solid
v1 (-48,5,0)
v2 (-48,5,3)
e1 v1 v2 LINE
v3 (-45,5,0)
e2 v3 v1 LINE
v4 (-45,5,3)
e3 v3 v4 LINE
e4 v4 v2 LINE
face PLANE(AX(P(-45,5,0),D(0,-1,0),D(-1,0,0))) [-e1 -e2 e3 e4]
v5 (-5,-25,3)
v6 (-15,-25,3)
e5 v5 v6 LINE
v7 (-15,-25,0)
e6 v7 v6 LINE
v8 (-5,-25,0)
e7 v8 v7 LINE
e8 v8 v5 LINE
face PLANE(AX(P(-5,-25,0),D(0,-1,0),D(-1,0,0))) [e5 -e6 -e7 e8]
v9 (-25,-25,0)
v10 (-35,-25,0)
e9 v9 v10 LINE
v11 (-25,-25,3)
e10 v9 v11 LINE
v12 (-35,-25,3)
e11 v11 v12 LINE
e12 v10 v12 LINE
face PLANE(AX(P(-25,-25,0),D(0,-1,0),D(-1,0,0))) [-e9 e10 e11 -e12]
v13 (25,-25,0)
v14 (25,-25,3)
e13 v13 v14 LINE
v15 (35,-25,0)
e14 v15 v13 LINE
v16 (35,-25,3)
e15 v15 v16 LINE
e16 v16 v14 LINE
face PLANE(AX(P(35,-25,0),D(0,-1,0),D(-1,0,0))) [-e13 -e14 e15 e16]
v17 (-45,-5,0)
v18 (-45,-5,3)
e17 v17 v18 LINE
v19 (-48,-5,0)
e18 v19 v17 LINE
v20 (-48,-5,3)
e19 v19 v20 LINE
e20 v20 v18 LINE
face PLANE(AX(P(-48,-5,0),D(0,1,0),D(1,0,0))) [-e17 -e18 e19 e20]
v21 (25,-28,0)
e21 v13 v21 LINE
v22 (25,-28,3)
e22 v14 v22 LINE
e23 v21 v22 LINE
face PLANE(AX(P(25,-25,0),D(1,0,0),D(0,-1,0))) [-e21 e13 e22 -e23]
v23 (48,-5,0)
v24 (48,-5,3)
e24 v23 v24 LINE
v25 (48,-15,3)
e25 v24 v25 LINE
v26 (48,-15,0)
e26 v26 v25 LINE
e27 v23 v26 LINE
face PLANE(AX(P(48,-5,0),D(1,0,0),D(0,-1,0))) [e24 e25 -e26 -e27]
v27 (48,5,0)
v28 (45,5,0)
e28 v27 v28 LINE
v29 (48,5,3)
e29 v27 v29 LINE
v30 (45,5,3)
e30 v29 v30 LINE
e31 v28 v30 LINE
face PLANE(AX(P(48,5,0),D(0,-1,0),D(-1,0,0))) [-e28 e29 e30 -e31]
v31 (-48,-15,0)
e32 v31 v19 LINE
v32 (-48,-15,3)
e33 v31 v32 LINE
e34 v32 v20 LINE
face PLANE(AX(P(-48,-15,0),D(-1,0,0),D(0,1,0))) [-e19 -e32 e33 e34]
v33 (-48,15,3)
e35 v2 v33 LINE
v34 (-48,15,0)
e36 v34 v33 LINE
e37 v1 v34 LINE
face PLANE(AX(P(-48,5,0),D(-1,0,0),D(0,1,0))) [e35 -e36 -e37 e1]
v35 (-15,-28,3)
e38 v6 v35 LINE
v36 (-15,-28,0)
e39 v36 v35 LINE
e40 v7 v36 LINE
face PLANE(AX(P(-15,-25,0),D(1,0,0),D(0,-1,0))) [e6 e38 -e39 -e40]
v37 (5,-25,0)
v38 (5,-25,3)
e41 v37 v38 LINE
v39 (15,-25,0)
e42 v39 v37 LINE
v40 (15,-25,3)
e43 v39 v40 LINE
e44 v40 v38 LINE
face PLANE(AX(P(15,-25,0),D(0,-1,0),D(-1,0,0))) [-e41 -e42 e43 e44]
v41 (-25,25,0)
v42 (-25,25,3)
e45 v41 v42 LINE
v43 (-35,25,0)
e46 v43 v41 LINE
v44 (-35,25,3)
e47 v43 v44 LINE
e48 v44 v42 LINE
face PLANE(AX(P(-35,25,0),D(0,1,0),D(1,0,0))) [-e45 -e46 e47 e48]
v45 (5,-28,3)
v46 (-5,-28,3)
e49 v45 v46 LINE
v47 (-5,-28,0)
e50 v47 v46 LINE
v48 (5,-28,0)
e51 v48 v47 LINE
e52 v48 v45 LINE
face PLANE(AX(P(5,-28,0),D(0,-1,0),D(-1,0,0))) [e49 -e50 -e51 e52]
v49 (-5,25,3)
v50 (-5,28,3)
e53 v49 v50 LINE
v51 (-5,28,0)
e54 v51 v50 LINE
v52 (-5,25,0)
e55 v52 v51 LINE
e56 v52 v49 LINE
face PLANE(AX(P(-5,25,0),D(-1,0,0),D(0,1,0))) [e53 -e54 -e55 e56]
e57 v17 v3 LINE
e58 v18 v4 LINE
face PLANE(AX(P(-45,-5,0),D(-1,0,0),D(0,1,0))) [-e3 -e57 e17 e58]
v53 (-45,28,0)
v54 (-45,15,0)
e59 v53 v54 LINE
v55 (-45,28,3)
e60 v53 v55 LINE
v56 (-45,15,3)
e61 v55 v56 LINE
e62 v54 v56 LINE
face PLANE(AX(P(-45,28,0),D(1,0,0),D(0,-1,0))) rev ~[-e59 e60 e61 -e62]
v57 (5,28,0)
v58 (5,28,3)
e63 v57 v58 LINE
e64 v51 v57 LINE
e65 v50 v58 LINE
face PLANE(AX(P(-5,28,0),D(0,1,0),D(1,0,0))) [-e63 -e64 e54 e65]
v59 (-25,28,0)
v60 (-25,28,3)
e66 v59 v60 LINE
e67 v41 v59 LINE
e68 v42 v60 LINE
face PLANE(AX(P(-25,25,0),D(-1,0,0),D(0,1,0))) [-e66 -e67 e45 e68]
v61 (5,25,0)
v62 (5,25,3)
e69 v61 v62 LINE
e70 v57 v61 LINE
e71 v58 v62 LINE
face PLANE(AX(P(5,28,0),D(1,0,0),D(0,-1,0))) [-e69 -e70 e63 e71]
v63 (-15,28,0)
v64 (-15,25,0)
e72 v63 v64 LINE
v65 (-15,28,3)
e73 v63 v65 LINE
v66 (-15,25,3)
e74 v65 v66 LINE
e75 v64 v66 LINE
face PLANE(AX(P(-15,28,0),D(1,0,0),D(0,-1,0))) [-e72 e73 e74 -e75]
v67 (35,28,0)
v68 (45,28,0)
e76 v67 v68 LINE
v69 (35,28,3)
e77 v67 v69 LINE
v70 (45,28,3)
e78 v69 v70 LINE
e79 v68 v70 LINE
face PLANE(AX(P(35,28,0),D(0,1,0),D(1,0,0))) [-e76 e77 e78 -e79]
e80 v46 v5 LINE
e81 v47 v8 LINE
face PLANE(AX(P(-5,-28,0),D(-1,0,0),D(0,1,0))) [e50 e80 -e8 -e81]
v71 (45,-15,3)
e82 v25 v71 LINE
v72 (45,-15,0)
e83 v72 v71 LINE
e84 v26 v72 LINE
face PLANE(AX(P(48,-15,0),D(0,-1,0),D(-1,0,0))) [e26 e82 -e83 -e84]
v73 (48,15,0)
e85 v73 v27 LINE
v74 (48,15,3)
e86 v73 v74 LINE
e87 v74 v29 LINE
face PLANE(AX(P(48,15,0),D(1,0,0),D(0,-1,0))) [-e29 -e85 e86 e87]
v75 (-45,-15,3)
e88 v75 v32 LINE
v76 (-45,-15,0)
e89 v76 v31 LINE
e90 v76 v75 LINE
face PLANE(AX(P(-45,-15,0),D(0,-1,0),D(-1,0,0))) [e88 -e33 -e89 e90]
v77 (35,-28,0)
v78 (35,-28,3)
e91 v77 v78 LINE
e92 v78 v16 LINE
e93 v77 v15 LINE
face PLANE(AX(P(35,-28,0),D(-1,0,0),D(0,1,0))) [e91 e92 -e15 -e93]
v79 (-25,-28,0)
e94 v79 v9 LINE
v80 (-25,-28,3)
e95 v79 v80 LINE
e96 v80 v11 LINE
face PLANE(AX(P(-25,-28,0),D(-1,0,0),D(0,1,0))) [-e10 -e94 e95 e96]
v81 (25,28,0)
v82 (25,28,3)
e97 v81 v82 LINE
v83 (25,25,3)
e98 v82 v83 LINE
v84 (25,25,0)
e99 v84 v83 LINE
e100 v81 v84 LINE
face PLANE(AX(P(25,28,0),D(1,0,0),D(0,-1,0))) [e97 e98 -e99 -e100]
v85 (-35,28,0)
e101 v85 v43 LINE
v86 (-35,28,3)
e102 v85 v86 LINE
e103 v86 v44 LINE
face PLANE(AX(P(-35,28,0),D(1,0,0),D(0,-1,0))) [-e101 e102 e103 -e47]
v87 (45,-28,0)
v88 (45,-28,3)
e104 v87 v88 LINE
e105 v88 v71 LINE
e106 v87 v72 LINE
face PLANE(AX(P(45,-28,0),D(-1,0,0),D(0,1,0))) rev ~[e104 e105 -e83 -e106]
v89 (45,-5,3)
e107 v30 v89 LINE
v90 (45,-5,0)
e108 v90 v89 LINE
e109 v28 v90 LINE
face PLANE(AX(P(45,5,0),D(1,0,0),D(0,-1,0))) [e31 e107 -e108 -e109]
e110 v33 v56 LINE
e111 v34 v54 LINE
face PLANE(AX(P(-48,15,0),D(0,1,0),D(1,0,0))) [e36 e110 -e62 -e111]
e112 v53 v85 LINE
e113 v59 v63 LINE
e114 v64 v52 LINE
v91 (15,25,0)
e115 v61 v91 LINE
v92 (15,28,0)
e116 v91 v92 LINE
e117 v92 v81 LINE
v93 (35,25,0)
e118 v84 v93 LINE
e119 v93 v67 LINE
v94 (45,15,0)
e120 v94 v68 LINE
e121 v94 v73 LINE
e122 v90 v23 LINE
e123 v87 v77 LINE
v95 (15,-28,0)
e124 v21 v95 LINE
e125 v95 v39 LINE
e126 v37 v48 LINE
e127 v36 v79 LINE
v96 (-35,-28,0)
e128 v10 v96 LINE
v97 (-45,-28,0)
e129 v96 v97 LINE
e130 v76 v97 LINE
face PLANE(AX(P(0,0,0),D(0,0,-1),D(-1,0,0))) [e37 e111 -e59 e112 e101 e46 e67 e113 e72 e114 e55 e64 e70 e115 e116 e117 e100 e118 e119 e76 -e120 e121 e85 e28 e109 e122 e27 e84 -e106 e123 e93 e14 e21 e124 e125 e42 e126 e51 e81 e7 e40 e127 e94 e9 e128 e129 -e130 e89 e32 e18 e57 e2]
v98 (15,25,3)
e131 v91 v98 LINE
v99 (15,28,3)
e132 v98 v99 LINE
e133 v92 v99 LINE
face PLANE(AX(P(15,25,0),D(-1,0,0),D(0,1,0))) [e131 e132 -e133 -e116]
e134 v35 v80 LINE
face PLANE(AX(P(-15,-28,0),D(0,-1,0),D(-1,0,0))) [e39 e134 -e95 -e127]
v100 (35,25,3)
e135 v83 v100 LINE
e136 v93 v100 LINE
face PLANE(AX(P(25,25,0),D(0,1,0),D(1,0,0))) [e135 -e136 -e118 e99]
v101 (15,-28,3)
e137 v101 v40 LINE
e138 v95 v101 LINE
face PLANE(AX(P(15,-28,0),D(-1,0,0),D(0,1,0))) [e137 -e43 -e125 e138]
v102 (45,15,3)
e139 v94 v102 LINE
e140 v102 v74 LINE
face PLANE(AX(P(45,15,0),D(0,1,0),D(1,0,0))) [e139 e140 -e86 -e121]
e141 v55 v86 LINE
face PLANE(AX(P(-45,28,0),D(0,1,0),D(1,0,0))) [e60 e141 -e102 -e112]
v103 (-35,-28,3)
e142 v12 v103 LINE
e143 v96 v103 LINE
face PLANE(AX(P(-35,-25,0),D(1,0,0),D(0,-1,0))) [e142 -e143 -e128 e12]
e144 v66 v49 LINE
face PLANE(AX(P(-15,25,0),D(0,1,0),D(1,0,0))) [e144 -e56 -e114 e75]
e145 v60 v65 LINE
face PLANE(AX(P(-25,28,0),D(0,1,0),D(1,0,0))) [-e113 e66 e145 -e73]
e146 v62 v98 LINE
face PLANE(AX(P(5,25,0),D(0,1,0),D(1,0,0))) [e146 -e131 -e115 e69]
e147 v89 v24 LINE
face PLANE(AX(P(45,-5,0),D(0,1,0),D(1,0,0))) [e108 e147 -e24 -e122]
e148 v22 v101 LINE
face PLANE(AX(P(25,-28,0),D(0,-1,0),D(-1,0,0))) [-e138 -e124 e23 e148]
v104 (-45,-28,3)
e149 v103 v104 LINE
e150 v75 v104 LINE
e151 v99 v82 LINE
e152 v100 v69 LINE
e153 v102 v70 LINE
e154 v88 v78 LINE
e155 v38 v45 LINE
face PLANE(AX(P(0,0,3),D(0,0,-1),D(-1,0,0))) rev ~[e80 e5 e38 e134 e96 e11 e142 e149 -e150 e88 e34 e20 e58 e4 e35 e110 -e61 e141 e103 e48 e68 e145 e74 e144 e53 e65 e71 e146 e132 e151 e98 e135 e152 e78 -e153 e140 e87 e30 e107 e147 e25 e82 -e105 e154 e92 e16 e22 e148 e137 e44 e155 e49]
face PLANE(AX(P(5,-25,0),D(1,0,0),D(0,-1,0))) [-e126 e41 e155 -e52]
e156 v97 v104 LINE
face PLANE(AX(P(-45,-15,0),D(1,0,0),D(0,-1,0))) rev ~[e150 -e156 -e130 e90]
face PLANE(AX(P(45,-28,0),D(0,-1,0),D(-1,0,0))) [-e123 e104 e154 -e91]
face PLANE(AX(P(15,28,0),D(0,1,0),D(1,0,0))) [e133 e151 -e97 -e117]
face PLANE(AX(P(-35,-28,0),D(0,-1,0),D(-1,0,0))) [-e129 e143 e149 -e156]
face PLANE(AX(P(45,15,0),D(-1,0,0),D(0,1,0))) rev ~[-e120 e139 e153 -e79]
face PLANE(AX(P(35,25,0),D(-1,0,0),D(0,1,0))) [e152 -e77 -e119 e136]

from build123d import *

# Parameters (mm, degrees)
BOSS_EXTRUDE1_DEPTH = 3


with BuildPart() as part:
    # Sketch1 → Boss-Extrude1 (new body)
    with BuildSketch(Plane.XY):
        Polygon((25, 28), (25, 25), (35, 25), (35, 28), (45, 28), (45, 25), (45, 15), (48, 15), (48, 5), (45, 5), (45, -5), (48, -5), (48, -15), (45, -15), (45, -25), (45, -28), (35, -28), (35, -25), (25, -25), (25, -28), (15, -28), (15, -25), (5, -25), (5, -28), (-5, -28), (-5, -25), (-15, -25), (-15, -28), (-25, -28), (-25, -25), (-35, -25), (-35, -28), (-45, -28), (-45, -25), (-45, -15), (-48, -15), (-48, -5), (-45, -5), (-45, 5), (-48, 5), (-48, 15), (-45, 15), (-45, 25), (-45, 28), (-35, 28), (-35, 25), (-25, 25), (-25, 28), (-15, 28), (-15, 25), (-5, 25), (-5, 28), (5, 28), (5, 25), (15, 25), (15, 28), align=None)
    extrude(amount=BOSS_EXTRUDE1_DEPTH)


solid = part.part
